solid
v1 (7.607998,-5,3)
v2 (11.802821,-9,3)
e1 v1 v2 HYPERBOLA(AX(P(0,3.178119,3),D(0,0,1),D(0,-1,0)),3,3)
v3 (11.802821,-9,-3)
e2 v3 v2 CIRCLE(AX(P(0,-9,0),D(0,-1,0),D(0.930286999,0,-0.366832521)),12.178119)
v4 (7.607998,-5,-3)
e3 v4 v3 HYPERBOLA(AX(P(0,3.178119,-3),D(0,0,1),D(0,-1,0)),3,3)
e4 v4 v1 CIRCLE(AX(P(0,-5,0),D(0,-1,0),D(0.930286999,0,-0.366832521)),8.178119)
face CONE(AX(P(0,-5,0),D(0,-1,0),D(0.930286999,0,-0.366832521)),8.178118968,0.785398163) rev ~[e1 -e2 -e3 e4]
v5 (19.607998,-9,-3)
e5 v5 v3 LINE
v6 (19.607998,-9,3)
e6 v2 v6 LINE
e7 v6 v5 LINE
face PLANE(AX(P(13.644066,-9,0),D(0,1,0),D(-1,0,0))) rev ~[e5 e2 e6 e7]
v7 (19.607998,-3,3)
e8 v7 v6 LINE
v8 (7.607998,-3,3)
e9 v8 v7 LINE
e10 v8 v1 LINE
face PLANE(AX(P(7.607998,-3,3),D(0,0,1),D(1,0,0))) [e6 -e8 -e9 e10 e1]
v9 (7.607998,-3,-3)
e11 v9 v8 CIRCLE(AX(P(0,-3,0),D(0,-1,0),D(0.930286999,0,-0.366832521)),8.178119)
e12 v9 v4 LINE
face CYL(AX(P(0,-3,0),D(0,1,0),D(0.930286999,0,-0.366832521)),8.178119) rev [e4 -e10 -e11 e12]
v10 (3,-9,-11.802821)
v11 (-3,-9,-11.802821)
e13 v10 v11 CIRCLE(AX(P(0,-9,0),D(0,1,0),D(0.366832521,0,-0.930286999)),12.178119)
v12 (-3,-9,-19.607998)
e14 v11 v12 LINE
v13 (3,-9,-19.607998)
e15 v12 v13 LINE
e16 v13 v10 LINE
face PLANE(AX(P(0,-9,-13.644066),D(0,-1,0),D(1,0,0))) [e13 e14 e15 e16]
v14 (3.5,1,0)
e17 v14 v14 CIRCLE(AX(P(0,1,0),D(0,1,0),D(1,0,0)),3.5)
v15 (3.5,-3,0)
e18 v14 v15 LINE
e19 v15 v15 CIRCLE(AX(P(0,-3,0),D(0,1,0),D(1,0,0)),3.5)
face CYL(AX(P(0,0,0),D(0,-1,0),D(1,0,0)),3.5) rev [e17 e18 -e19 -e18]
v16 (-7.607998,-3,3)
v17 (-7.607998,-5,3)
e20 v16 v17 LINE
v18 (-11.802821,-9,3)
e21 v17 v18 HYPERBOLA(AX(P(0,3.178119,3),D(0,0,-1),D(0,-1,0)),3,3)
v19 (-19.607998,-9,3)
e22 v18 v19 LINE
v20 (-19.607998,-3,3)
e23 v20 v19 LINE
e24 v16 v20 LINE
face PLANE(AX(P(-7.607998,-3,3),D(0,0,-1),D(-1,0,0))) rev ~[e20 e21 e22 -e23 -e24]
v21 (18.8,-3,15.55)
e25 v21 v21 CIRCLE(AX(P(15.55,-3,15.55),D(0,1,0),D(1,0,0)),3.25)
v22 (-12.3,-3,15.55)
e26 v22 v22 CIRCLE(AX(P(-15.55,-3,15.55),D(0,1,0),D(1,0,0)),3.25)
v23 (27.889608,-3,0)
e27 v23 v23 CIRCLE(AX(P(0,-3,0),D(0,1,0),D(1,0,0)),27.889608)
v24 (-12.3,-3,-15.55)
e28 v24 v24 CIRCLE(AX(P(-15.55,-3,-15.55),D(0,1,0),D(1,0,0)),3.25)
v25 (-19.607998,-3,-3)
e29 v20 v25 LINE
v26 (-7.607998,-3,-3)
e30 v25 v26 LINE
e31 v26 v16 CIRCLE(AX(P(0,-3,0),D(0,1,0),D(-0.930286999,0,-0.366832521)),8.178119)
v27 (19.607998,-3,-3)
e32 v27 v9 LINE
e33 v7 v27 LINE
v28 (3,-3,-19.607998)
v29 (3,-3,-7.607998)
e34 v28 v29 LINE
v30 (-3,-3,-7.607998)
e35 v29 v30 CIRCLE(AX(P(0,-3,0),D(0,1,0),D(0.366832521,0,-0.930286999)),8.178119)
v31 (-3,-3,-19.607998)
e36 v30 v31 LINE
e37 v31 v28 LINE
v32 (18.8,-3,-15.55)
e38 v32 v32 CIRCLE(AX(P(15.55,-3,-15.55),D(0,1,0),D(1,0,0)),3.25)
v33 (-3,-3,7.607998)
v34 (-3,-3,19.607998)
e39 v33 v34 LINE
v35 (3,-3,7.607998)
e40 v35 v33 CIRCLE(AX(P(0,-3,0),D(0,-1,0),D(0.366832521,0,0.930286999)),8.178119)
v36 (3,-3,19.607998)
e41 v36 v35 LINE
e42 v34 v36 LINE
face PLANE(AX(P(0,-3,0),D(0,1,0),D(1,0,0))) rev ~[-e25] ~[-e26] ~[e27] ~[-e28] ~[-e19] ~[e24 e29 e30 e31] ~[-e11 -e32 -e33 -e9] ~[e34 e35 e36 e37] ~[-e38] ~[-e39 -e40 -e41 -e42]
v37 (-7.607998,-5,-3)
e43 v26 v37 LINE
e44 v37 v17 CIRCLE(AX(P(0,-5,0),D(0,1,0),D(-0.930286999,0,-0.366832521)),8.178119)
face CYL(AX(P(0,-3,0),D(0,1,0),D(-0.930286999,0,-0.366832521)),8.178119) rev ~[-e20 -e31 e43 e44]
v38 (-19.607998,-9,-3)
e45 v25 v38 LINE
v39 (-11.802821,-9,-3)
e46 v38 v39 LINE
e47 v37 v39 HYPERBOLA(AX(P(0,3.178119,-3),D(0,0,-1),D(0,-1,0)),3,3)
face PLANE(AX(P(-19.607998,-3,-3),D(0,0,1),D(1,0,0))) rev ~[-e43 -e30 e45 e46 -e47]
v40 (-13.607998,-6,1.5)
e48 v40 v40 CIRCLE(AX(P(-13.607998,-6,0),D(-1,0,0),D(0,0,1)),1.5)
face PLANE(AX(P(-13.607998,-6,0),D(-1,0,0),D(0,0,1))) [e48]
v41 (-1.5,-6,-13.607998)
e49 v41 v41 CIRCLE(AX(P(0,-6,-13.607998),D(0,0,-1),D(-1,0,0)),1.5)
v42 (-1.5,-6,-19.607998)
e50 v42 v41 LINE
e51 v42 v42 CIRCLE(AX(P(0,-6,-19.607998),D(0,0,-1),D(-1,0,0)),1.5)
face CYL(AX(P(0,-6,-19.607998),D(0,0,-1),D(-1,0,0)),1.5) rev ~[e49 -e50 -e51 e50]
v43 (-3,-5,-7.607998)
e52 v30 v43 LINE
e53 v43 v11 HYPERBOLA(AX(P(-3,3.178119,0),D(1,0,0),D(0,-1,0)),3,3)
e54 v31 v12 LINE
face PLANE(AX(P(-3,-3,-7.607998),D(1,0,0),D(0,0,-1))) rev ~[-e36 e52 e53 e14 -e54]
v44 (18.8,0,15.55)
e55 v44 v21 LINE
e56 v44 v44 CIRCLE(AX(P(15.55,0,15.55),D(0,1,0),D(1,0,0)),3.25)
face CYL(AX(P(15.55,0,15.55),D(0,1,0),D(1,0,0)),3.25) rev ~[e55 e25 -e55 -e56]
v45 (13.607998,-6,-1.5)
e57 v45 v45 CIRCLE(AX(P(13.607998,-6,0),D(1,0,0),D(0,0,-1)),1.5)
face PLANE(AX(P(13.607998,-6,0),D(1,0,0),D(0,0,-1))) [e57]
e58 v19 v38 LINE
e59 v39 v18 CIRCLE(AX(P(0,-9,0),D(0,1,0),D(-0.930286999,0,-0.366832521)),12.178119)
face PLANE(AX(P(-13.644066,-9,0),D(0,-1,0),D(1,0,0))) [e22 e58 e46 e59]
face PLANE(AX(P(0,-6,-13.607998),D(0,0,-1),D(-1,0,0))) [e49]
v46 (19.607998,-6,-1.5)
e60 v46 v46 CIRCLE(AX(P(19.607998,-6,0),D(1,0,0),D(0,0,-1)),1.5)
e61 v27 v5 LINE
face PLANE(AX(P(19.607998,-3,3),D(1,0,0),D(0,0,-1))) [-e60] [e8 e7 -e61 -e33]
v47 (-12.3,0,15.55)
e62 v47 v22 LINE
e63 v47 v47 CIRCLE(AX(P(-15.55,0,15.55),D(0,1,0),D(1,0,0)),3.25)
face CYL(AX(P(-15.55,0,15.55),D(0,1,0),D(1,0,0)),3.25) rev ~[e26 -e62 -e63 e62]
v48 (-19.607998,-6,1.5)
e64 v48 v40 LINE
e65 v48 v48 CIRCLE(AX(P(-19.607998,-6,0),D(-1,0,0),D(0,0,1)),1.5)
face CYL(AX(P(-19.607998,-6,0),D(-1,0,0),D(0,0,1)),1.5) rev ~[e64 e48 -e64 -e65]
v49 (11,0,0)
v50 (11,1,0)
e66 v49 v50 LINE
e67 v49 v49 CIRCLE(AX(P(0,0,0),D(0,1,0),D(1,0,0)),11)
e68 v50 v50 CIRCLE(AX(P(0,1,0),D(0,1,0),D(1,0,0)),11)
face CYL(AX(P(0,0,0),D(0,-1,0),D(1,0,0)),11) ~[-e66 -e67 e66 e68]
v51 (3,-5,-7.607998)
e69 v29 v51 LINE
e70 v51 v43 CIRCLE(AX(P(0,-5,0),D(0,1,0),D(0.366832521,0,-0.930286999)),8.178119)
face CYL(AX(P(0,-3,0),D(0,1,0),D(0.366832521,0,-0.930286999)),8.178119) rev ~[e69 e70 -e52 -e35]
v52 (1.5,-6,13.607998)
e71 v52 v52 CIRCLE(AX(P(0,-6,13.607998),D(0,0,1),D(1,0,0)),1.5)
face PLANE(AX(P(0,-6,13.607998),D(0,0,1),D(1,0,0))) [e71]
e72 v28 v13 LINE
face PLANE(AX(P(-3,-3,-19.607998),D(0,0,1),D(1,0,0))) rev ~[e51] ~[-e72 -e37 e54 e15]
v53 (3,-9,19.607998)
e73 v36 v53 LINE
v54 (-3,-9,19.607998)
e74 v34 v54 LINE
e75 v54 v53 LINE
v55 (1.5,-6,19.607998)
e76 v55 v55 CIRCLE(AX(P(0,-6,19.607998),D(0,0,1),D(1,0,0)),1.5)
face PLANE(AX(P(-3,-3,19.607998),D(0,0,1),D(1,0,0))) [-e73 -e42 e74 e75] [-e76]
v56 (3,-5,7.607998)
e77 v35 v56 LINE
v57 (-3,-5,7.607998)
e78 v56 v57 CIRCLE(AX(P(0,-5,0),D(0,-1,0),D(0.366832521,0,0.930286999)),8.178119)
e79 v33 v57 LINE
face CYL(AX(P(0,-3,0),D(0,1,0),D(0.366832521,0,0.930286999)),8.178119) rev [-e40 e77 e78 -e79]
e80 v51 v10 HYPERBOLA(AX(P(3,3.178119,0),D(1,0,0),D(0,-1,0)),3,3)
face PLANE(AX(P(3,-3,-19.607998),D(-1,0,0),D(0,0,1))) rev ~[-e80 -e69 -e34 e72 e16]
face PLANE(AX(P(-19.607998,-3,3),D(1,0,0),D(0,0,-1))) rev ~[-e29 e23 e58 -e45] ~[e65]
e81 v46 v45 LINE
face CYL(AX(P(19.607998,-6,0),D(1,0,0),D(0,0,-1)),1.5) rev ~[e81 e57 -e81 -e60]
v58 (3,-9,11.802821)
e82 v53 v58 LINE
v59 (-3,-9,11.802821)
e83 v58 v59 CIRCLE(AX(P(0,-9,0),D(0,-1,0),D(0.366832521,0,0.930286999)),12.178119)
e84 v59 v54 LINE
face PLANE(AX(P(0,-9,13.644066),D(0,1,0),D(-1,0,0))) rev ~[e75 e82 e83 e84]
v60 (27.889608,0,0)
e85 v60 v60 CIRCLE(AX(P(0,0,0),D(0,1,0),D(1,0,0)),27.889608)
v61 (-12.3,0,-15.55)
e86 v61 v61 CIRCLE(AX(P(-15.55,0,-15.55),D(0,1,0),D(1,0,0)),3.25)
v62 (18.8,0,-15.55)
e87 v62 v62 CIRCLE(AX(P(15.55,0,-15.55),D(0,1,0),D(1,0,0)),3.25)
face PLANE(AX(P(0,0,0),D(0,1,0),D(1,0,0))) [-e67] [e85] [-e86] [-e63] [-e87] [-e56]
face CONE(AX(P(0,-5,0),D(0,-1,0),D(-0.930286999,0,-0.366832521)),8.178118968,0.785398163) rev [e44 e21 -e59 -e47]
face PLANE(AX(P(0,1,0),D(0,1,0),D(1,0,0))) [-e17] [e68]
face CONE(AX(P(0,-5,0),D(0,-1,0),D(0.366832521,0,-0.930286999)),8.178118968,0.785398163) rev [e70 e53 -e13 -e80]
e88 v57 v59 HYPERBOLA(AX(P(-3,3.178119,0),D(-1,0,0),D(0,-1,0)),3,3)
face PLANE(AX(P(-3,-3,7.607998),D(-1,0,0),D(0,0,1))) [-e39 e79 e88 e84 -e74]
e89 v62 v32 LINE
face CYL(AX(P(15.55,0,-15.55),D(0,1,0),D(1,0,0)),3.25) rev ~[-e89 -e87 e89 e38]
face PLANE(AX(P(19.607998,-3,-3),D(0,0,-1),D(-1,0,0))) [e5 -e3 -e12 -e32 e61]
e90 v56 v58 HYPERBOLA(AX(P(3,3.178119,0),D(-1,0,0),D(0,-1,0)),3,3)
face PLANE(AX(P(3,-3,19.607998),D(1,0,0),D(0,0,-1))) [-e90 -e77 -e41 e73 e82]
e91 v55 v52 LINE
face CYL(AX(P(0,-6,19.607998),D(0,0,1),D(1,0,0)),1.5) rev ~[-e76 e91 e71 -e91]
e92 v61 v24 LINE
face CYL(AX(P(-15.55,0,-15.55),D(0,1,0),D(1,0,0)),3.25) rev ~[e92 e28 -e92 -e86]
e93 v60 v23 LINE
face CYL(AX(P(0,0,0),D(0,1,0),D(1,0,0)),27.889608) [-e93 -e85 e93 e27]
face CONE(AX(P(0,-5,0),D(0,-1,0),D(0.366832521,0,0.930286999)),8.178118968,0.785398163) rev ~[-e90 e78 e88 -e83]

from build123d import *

# Parameters (mm, degrees)
SKETCH1_R           = 27.889608224
SKETCH1_R_2         = 3.5
SKETCH1_R_3         = 3.25
BOSS_EXTRUDE1_DEPTH = 3
BOSS_EXTRUDE2_START = 1
SKETCH1_5_R         = 11
SKETCH1_5_R_2       = 3.5
BOSS_EXTRUDE2_DEPTH = 1
BOSS_EXTRUDE3_DEPTH = 6
CHAMFER1_SIZE       = 4
SKETCH3_R           = 1.5
CUT_EXTRUDE1_DEPTH  = 6
CIRPATTERN1_COUNT   = 4


with BuildPart() as part:
    # Sketch1 → Boss-Extrude1 (new body)
    with BuildSketch(Plane(origin=(0, 0, 0), x_dir=(1, 0, 0), z_dir=(0, 1, 0))):
        Circle(SKETCH1_R)
        Circle(SKETCH1_R_2, mode=Mode.SUBTRACT)
        with Locations((-15.55, -15.55)):
            Circle(SKETCH1_R_3, mode=Mode.SUBTRACT)
        with Locations((15.55, -15.55)):
            Circle(SKETCH1_R_3, mode=Mode.SUBTRACT)
        with Locations((-15.55, 15.55)):
            Circle(SKETCH1_R_3, mode=Mode.SUBTRACT)
        with Locations((15.55, 15.55)):
            Circle(SKETCH1_R_3, mode=Mode.SUBTRACT)
    extrude(amount=-BOSS_EXTRUDE1_DEPTH)

    # Sketch1<5> → Boss-Extrude2 (add)
    with BuildSketch(Plane(origin=(0, 0, 0), x_dir=(1, 0, 0), z_dir=(0, 1, 0)).offset(BOSS_EXTRUDE2_START)):
        Circle(SKETCH1_5_R)
        Circle(SKETCH1_5_R_2, mode=Mode.SUBTRACT)
    extrude(amount=-BOSS_EXTRUDE2_DEPTH)

    # Sketch2 → Boss-Extrude3 (add)
    with BuildSketch(Plane.XZ.offset(3)):
        with BuildLine():
            Line((-19.607997757, -3), (-7.607997757, -3))
            ThreePointArc((-7.607997757, -3), (-8.178118969, 0), (-7.607997757, 3))
            Line((-7.607997757, 3), (-19.607997757, 3))
            Line((-19.607997757, 3), (-19.607997757, -3))
        make_face()
        with BuildLine():
            Line((-3, 19.607997757), (3, 19.607997757))
            Line((3, 19.607997757), (3, 7.607997757))
            ThreePointArc((3, 7.607997757), (0, 8.178118969), (-3, 7.607997757))
            Line((-3, 7.607997757), (-3, 19.607997757))
        make_face()
        with BuildLine():
            Line((19.607997757, -3), (7.607997757, -3))
            ThreePointArc((7.607997757, -3), (8.178118969, 0), (7.607997757, 3))
            Line((7.607997757, 3), (19.607997757, 3))
            Line((19.607997757, 3), (19.607997757, -3))
        make_face()
        with BuildLine():
            Line((-3, -19.607997757), (3, -19.607997757))
            Line((3, -19.607997757), (3, -7.607997757))
            ThreePointArc((3, -7.607997757), (0, -8.178118969), (-3, -7.607997757))
            Line((-3, -7.607997757), (-3, -19.607997757))
        make_face()
    extrude(amount=BOSS_EXTRUDE3_DEPTH)

    # Chamfer1
    chamfer1_edges = [part.edges().sort_by_distance(p)[0] for p in [
        (-8.178118969, -9, 0),
        (0, -9, 8.178118969),
        (8.178118969, -9, 0),
        (0, -9, -8.178118969),
    ]]
    chamfer(chamfer1_edges, length=CHAMFER1_SIZE)

    # Sketch3 → Cut-Extrude1 (cut)
    with BuildSketch(Plane.ZY.offset(19.607997757)):
        with Locations((0, -6)):
            Circle(SKETCH3_R)
    cut_extrude1 = extrude(amount=-CUT_EXTRUDE1_DEPTH, mode=Mode.SUBTRACT)

    # CirPattern1: Cut-Extrude1 ×4 about axis
    cirpattern1_axis = Axis((0, -3, 0), (0, 1, 0))
    for i in range(1, CIRPATTERN1_COUNT):
        add(cut_extrude1.rotate(cirpattern1_axis, i * 360 / CIRPATTERN1_COUNT), mode=Mode.SUBTRACT)


solid = part.part
